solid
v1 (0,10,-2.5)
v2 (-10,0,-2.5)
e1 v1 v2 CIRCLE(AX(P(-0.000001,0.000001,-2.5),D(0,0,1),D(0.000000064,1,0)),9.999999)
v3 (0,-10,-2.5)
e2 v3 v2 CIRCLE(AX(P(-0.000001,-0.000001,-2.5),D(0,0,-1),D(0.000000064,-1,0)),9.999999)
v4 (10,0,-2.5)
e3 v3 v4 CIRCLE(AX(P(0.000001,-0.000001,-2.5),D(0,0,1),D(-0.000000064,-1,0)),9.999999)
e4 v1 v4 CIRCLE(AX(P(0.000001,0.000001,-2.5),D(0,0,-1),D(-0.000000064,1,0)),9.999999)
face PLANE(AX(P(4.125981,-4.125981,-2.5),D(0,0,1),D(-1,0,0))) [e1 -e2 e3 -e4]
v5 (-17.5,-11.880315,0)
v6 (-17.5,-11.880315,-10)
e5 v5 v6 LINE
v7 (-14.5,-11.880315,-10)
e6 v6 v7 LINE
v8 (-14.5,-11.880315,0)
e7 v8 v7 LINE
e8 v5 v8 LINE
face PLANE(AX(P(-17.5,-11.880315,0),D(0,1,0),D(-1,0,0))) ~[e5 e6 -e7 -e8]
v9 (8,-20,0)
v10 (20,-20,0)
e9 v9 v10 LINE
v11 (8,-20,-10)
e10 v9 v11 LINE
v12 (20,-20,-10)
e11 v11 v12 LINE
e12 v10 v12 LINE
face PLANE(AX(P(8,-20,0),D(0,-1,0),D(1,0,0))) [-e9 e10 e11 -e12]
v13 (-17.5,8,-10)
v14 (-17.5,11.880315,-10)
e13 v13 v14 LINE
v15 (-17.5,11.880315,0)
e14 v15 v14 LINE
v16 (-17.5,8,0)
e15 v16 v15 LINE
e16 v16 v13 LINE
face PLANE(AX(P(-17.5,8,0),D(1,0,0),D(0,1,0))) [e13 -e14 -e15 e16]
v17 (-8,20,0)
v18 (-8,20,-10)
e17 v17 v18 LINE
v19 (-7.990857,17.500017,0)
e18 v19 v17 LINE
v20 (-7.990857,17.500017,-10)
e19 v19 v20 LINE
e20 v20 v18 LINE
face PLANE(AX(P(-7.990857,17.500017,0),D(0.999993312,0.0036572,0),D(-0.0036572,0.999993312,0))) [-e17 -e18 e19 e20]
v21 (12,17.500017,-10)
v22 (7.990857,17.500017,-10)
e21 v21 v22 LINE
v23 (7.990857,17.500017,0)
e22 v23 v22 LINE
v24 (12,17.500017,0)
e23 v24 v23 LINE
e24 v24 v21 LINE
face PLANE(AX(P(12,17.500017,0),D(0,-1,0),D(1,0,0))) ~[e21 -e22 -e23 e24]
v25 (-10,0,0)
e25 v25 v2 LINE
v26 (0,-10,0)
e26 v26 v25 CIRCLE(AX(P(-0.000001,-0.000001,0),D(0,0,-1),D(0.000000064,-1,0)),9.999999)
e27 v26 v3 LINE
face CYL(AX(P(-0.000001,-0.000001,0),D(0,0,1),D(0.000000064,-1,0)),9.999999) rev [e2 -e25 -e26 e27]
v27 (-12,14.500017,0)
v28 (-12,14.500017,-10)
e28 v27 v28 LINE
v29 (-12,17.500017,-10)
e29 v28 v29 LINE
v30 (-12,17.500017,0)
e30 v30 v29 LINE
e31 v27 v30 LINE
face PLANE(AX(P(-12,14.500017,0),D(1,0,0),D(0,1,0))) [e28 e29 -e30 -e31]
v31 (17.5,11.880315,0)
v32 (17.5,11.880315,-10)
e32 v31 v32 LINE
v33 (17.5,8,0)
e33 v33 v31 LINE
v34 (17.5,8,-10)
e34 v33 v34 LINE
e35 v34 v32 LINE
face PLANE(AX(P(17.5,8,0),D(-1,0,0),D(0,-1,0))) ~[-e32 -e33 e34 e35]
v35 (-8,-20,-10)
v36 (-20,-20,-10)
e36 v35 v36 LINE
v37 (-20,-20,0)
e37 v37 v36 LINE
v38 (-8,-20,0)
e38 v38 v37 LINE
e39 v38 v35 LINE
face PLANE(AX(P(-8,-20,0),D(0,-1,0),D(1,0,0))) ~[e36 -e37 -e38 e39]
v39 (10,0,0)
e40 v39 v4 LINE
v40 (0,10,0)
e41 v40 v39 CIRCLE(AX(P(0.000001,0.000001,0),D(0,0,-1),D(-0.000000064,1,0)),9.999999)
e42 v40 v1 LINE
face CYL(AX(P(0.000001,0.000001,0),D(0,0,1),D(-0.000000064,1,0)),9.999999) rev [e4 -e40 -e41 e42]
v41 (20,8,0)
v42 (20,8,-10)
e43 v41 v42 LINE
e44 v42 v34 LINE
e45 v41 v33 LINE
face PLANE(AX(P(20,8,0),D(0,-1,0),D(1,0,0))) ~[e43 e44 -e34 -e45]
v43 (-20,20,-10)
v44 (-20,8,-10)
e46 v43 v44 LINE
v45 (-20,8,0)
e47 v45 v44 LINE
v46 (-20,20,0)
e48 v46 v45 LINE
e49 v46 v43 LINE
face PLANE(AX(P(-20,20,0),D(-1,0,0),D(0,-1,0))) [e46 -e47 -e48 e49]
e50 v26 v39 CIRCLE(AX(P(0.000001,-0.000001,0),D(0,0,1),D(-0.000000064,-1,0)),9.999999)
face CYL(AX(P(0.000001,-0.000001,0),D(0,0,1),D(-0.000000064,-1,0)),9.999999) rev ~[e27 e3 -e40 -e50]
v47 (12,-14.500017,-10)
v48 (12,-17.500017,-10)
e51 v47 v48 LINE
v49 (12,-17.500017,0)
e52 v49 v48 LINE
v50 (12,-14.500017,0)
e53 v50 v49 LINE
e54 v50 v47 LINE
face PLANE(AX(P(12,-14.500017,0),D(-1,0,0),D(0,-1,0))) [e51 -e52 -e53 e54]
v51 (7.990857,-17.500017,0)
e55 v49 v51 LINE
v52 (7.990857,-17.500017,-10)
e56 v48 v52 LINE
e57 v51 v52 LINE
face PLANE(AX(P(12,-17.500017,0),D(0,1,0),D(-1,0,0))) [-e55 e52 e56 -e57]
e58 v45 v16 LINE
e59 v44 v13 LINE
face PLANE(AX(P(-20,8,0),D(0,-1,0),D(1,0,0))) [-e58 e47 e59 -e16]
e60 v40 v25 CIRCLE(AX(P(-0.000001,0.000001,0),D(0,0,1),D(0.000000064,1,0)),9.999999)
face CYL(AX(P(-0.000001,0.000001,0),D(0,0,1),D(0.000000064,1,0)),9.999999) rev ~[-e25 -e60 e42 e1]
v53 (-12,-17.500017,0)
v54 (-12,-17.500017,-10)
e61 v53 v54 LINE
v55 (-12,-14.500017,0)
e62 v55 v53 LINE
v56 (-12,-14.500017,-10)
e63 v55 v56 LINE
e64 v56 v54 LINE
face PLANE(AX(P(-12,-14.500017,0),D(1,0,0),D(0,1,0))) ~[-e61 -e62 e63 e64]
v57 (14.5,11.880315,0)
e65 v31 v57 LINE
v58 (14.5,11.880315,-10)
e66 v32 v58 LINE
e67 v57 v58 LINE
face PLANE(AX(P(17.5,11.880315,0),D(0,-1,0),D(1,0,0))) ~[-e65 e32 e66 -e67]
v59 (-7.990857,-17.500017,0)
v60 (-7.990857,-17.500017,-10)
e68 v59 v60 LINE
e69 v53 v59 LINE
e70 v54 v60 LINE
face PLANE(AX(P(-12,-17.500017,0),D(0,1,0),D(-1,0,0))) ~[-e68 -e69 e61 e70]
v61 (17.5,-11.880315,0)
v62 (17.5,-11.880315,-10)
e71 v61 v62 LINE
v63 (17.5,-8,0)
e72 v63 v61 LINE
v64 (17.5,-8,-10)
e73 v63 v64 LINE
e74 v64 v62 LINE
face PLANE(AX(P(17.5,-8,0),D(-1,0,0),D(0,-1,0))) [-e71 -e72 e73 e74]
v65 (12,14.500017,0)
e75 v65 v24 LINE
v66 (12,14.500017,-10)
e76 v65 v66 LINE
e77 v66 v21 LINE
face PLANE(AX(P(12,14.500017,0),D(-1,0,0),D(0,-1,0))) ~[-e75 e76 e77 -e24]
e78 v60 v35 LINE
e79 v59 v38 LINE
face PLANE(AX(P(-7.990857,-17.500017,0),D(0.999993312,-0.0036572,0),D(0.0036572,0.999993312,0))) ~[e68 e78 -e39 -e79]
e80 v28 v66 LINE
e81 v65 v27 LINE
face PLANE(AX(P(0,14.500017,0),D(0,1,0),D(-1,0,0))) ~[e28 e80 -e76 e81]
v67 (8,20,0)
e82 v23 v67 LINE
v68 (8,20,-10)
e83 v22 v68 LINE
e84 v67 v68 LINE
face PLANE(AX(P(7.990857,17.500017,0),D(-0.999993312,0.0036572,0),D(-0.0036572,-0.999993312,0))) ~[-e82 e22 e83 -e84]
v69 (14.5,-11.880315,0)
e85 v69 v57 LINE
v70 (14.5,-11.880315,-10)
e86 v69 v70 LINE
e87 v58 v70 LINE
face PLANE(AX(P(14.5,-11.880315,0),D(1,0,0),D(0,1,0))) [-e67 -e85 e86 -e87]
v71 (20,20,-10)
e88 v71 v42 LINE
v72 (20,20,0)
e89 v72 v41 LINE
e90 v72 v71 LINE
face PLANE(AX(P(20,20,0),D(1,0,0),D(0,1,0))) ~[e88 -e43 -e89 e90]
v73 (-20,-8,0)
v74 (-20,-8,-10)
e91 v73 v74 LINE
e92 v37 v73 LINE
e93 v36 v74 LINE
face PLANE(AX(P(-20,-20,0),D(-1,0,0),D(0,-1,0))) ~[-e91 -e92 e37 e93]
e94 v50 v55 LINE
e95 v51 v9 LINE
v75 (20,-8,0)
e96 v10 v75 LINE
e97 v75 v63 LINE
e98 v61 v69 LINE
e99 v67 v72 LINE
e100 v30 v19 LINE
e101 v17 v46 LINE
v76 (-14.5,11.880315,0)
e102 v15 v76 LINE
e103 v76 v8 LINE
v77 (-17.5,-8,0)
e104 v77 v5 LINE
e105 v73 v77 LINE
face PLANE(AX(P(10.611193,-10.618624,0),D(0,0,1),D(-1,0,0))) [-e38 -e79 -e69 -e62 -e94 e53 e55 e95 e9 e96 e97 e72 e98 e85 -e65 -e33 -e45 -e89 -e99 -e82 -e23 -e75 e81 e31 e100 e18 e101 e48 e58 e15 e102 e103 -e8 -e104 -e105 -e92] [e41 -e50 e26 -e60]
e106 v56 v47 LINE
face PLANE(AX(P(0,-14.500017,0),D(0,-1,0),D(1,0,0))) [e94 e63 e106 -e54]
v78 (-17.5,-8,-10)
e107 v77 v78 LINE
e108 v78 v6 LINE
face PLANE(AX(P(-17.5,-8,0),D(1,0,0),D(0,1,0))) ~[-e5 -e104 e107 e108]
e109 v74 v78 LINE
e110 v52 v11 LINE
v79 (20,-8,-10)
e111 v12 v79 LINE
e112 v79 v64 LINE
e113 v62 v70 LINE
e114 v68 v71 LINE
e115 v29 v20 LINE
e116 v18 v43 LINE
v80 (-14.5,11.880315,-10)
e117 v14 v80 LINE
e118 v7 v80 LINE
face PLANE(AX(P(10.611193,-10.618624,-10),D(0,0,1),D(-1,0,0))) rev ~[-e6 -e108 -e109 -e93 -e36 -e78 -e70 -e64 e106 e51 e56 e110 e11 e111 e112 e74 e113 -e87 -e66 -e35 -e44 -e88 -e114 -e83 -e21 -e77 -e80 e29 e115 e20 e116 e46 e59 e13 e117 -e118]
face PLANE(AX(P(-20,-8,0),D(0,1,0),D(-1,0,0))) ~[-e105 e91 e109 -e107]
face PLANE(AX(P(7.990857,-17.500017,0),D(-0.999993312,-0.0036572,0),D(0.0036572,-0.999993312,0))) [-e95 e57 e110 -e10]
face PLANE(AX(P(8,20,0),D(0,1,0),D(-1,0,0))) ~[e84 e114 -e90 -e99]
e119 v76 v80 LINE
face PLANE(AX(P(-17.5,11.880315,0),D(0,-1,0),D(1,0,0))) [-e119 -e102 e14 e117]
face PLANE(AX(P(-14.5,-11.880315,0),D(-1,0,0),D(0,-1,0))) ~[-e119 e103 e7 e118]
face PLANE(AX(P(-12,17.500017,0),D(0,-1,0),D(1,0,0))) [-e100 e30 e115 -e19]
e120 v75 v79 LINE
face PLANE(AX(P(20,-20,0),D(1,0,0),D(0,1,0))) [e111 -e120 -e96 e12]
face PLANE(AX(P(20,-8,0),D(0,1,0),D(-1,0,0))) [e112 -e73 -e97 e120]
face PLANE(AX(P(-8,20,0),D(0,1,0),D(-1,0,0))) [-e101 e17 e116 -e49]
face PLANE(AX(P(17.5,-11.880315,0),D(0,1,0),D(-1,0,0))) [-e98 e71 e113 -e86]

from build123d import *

# Parameters (mm, degrees)
F1_DEPTH = 10
F3_DEPTH = 2.5


with BuildPart() as f1:
    # F0 (on Top) → F1 (new body)
    with BuildSketch(Plane.XY):
        Polygon((-7.990857, 17.500017), (-8, 20), (-20, 20), (-20, 8), (-17.5, 8), (-17.5, 11.880315), (-14.5, 11.880315), (-14.5, 0), (0, 0), (0, 14.500017), (-12, 14.500017), (-12, 17.500017), align=None)
    extrude(amount=-F1_DEPTH)

    # F2 (on face) → F3 (cut)
    with BuildSketch(Plane.XY):
        with BuildLine():
            Line((0, 0), (0, 10))
            ThreePointArc((0, 10), (-7.071068, 7.071068), (-10, 0))
            Line((-10, 0), (0, 0))
        make_face()
    extrude(amount=-F3_DEPTH, mode=Mode.SUBTRACT)

    # F4: F1 across plane


with BuildPart() as f1_1:
    add(f1.part)
    add(f1.part.mirror(Plane.YZ))

    # F5: F1 across plane


with BuildPart() as f1_2:
    add(f1_1.part)
    add(f1_1.part.mirror(Plane.XZ))


solid = f1_2.part
